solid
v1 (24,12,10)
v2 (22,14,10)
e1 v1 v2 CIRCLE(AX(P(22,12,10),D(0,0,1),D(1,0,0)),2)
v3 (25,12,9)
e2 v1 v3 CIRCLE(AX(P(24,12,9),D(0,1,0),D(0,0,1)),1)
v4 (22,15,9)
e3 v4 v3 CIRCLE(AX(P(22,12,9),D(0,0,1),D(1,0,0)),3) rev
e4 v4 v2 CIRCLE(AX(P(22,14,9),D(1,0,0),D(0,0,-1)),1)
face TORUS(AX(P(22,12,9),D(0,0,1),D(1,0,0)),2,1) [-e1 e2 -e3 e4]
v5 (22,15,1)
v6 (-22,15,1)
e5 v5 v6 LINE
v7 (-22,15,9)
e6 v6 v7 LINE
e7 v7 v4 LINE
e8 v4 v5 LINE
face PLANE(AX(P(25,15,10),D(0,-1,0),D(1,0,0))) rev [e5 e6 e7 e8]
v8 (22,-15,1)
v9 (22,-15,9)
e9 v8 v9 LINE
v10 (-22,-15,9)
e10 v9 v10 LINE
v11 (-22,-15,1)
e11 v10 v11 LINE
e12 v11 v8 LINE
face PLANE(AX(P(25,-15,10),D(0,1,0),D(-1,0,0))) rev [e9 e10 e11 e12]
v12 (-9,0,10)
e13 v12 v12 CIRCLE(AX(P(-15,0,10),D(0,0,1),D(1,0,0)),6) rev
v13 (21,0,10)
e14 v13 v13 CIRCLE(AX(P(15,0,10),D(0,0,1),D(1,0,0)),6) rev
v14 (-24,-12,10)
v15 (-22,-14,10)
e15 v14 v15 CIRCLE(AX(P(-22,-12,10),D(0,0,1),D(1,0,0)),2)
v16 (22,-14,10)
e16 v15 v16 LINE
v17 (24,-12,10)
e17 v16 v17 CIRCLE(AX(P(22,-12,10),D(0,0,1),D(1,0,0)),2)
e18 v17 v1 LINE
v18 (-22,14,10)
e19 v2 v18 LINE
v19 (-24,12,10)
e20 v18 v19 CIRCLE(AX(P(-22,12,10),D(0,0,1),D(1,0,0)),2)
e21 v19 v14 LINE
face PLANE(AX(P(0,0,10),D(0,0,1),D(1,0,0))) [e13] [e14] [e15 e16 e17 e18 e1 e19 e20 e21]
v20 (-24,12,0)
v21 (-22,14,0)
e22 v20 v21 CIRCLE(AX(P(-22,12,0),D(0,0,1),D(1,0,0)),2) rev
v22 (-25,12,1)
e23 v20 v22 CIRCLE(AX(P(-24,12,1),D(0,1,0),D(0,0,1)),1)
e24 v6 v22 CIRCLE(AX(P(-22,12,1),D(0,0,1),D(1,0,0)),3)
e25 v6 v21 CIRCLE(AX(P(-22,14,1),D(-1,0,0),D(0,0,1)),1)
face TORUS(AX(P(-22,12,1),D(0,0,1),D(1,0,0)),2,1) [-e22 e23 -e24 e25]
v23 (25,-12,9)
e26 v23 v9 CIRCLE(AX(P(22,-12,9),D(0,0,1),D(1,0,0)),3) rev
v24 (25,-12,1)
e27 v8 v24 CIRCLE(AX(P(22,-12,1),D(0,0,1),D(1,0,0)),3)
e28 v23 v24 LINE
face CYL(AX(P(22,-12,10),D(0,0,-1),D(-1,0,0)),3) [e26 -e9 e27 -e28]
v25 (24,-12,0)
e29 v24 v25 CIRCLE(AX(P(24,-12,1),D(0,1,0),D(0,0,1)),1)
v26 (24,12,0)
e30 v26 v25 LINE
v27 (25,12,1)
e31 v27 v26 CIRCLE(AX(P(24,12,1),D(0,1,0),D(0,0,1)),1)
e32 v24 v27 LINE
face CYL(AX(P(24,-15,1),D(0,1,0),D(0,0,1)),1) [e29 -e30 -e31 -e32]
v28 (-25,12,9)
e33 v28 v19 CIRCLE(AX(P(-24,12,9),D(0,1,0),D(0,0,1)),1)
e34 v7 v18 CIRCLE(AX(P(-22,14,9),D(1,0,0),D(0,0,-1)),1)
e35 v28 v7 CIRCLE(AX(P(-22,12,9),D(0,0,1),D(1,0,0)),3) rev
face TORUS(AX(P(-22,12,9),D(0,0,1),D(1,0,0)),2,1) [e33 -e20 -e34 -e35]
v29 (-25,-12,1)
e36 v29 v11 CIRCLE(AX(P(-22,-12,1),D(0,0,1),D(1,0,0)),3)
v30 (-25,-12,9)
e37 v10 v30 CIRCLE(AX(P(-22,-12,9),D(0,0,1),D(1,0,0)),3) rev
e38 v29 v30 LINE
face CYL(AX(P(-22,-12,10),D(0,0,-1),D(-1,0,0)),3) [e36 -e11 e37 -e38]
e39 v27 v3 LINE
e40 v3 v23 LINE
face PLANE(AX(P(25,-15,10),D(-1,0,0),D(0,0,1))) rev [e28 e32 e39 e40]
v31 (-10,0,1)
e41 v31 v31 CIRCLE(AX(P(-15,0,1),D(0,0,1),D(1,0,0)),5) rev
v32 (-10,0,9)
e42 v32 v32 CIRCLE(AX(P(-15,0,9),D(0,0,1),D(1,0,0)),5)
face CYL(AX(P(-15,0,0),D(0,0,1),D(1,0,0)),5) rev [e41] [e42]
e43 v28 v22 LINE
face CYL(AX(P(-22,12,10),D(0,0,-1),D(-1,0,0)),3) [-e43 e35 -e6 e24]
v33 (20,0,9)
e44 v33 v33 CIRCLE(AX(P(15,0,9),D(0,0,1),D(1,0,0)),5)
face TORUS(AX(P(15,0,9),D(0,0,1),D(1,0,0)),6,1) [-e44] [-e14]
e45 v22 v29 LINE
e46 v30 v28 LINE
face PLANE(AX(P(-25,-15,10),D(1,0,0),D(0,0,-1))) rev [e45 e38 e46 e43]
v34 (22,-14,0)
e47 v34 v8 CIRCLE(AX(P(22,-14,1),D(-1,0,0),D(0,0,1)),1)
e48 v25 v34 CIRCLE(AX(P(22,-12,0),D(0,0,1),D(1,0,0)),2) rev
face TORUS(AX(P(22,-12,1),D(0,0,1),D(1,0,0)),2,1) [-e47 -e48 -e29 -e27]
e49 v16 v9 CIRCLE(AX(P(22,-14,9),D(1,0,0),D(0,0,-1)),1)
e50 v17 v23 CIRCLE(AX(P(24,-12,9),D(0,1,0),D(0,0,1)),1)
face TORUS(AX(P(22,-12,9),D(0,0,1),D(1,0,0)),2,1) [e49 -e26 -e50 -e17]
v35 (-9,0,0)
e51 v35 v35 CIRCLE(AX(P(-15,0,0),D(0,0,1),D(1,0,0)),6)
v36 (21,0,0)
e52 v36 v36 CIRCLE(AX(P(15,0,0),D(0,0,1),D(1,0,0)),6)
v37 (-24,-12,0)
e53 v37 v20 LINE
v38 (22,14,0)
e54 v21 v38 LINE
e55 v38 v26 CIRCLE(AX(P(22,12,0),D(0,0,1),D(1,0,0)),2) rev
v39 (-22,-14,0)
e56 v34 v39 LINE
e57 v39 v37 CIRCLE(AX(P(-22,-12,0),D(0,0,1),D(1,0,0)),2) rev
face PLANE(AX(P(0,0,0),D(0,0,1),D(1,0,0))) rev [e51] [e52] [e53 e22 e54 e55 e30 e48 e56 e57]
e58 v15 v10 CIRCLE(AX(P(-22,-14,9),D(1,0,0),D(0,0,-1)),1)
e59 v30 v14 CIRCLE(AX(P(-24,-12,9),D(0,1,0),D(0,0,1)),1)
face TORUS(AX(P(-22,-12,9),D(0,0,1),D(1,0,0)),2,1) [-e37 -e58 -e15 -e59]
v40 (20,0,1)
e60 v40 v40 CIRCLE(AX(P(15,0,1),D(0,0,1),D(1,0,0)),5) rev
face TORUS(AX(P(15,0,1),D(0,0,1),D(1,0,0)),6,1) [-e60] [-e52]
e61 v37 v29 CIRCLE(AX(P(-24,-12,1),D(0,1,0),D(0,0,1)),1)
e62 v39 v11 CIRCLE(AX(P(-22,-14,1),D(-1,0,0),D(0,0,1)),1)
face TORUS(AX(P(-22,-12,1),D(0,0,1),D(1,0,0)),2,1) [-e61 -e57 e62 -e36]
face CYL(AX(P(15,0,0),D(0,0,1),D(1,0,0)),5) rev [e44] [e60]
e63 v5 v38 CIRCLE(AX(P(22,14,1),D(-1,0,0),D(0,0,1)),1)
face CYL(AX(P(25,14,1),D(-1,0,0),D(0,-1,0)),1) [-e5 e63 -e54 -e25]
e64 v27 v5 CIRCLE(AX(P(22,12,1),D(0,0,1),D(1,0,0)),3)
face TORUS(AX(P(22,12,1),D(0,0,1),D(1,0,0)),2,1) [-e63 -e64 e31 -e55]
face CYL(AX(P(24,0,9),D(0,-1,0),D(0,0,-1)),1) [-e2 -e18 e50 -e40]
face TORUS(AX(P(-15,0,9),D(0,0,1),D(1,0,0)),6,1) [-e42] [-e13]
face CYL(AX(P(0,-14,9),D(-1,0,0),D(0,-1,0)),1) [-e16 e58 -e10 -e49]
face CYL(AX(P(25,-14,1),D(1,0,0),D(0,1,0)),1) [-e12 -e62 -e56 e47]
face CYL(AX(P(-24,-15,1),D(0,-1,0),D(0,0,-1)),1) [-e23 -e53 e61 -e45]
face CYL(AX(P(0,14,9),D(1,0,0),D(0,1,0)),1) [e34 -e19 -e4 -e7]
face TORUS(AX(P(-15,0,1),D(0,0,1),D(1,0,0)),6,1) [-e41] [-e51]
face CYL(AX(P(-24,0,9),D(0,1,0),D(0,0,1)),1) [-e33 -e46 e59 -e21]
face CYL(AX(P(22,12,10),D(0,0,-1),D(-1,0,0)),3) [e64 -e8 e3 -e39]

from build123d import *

# Parameters (mm, degrees)
SKETCH1_W           = 50
SKETCH1_H           = 30
BOSS_EXTRUDE1_DEPTH = 10
SKETCH2_R           = 5
CUT_EXTRUDE1_DEPTH  = 10
FILLET1_R           = 3
FILLET2_R           = 1


with BuildPart() as part:
    # Sketch1 → Boss-Extrude1 (new body)
    with BuildSketch(Plane.XY):
        Rectangle(SKETCH1_W, SKETCH1_H)
    extrude(amount=BOSS_EXTRUDE1_DEPTH)

    # Sketch2 → Cut-Extrude1 (cut)
    with BuildSketch(Plane.XY.offset(10)):
        with Locations((-15, 0)):
            Circle(SKETCH2_R)
        with Locations((15, 0)):
            Circle(SKETCH2_R)
    extrude(amount=-CUT_EXTRUDE1_DEPTH, mode=Mode.SUBTRACT)

    # Fillet1
    fillet1_edges = [part.edges().sort_by_distance(p)[0] for p in [
        (-25, 15, 5),
        (25, 15, 5),
        (25, -15, 5),
        (-25, -15, 5),
    ]]
    fillet(fillet1_edges, radius=FILLET1_R)

    # Fillet2
    fillet2_edges = [part.edges().sort_by_distance(p)[0] for p in [
        (-20, 0, 0),
        (-20, 0, 10),
        (10, 0, 0),
        (10, 0, 10),
        (0, -15, 0),
        (0, -15, 10),
        (-25, 0, 0),
        (0, 15, 0),
        (25, 0, 0),
        (24.121320344, 14.121320344, 0),
        (-24.121320344, 14.121320344, 0),
        (24.121320344, -14.121320344, 0),
        (-24.121320344, -14.121320344, 0),
        (-25, 0, 10),
        (25, 0, 10),
        (0, 15, 10),
        (24.121320344, 14.121320344, 10),
        (-24.121320344, 14.121320344, 10),
        (24.121320344, -14.121320344, 10),
        (-24.121320344, -14.121320344, 10),
    ]]
    fillet(fillet2_edges, radius=FILLET2_R)


solid = part.part
